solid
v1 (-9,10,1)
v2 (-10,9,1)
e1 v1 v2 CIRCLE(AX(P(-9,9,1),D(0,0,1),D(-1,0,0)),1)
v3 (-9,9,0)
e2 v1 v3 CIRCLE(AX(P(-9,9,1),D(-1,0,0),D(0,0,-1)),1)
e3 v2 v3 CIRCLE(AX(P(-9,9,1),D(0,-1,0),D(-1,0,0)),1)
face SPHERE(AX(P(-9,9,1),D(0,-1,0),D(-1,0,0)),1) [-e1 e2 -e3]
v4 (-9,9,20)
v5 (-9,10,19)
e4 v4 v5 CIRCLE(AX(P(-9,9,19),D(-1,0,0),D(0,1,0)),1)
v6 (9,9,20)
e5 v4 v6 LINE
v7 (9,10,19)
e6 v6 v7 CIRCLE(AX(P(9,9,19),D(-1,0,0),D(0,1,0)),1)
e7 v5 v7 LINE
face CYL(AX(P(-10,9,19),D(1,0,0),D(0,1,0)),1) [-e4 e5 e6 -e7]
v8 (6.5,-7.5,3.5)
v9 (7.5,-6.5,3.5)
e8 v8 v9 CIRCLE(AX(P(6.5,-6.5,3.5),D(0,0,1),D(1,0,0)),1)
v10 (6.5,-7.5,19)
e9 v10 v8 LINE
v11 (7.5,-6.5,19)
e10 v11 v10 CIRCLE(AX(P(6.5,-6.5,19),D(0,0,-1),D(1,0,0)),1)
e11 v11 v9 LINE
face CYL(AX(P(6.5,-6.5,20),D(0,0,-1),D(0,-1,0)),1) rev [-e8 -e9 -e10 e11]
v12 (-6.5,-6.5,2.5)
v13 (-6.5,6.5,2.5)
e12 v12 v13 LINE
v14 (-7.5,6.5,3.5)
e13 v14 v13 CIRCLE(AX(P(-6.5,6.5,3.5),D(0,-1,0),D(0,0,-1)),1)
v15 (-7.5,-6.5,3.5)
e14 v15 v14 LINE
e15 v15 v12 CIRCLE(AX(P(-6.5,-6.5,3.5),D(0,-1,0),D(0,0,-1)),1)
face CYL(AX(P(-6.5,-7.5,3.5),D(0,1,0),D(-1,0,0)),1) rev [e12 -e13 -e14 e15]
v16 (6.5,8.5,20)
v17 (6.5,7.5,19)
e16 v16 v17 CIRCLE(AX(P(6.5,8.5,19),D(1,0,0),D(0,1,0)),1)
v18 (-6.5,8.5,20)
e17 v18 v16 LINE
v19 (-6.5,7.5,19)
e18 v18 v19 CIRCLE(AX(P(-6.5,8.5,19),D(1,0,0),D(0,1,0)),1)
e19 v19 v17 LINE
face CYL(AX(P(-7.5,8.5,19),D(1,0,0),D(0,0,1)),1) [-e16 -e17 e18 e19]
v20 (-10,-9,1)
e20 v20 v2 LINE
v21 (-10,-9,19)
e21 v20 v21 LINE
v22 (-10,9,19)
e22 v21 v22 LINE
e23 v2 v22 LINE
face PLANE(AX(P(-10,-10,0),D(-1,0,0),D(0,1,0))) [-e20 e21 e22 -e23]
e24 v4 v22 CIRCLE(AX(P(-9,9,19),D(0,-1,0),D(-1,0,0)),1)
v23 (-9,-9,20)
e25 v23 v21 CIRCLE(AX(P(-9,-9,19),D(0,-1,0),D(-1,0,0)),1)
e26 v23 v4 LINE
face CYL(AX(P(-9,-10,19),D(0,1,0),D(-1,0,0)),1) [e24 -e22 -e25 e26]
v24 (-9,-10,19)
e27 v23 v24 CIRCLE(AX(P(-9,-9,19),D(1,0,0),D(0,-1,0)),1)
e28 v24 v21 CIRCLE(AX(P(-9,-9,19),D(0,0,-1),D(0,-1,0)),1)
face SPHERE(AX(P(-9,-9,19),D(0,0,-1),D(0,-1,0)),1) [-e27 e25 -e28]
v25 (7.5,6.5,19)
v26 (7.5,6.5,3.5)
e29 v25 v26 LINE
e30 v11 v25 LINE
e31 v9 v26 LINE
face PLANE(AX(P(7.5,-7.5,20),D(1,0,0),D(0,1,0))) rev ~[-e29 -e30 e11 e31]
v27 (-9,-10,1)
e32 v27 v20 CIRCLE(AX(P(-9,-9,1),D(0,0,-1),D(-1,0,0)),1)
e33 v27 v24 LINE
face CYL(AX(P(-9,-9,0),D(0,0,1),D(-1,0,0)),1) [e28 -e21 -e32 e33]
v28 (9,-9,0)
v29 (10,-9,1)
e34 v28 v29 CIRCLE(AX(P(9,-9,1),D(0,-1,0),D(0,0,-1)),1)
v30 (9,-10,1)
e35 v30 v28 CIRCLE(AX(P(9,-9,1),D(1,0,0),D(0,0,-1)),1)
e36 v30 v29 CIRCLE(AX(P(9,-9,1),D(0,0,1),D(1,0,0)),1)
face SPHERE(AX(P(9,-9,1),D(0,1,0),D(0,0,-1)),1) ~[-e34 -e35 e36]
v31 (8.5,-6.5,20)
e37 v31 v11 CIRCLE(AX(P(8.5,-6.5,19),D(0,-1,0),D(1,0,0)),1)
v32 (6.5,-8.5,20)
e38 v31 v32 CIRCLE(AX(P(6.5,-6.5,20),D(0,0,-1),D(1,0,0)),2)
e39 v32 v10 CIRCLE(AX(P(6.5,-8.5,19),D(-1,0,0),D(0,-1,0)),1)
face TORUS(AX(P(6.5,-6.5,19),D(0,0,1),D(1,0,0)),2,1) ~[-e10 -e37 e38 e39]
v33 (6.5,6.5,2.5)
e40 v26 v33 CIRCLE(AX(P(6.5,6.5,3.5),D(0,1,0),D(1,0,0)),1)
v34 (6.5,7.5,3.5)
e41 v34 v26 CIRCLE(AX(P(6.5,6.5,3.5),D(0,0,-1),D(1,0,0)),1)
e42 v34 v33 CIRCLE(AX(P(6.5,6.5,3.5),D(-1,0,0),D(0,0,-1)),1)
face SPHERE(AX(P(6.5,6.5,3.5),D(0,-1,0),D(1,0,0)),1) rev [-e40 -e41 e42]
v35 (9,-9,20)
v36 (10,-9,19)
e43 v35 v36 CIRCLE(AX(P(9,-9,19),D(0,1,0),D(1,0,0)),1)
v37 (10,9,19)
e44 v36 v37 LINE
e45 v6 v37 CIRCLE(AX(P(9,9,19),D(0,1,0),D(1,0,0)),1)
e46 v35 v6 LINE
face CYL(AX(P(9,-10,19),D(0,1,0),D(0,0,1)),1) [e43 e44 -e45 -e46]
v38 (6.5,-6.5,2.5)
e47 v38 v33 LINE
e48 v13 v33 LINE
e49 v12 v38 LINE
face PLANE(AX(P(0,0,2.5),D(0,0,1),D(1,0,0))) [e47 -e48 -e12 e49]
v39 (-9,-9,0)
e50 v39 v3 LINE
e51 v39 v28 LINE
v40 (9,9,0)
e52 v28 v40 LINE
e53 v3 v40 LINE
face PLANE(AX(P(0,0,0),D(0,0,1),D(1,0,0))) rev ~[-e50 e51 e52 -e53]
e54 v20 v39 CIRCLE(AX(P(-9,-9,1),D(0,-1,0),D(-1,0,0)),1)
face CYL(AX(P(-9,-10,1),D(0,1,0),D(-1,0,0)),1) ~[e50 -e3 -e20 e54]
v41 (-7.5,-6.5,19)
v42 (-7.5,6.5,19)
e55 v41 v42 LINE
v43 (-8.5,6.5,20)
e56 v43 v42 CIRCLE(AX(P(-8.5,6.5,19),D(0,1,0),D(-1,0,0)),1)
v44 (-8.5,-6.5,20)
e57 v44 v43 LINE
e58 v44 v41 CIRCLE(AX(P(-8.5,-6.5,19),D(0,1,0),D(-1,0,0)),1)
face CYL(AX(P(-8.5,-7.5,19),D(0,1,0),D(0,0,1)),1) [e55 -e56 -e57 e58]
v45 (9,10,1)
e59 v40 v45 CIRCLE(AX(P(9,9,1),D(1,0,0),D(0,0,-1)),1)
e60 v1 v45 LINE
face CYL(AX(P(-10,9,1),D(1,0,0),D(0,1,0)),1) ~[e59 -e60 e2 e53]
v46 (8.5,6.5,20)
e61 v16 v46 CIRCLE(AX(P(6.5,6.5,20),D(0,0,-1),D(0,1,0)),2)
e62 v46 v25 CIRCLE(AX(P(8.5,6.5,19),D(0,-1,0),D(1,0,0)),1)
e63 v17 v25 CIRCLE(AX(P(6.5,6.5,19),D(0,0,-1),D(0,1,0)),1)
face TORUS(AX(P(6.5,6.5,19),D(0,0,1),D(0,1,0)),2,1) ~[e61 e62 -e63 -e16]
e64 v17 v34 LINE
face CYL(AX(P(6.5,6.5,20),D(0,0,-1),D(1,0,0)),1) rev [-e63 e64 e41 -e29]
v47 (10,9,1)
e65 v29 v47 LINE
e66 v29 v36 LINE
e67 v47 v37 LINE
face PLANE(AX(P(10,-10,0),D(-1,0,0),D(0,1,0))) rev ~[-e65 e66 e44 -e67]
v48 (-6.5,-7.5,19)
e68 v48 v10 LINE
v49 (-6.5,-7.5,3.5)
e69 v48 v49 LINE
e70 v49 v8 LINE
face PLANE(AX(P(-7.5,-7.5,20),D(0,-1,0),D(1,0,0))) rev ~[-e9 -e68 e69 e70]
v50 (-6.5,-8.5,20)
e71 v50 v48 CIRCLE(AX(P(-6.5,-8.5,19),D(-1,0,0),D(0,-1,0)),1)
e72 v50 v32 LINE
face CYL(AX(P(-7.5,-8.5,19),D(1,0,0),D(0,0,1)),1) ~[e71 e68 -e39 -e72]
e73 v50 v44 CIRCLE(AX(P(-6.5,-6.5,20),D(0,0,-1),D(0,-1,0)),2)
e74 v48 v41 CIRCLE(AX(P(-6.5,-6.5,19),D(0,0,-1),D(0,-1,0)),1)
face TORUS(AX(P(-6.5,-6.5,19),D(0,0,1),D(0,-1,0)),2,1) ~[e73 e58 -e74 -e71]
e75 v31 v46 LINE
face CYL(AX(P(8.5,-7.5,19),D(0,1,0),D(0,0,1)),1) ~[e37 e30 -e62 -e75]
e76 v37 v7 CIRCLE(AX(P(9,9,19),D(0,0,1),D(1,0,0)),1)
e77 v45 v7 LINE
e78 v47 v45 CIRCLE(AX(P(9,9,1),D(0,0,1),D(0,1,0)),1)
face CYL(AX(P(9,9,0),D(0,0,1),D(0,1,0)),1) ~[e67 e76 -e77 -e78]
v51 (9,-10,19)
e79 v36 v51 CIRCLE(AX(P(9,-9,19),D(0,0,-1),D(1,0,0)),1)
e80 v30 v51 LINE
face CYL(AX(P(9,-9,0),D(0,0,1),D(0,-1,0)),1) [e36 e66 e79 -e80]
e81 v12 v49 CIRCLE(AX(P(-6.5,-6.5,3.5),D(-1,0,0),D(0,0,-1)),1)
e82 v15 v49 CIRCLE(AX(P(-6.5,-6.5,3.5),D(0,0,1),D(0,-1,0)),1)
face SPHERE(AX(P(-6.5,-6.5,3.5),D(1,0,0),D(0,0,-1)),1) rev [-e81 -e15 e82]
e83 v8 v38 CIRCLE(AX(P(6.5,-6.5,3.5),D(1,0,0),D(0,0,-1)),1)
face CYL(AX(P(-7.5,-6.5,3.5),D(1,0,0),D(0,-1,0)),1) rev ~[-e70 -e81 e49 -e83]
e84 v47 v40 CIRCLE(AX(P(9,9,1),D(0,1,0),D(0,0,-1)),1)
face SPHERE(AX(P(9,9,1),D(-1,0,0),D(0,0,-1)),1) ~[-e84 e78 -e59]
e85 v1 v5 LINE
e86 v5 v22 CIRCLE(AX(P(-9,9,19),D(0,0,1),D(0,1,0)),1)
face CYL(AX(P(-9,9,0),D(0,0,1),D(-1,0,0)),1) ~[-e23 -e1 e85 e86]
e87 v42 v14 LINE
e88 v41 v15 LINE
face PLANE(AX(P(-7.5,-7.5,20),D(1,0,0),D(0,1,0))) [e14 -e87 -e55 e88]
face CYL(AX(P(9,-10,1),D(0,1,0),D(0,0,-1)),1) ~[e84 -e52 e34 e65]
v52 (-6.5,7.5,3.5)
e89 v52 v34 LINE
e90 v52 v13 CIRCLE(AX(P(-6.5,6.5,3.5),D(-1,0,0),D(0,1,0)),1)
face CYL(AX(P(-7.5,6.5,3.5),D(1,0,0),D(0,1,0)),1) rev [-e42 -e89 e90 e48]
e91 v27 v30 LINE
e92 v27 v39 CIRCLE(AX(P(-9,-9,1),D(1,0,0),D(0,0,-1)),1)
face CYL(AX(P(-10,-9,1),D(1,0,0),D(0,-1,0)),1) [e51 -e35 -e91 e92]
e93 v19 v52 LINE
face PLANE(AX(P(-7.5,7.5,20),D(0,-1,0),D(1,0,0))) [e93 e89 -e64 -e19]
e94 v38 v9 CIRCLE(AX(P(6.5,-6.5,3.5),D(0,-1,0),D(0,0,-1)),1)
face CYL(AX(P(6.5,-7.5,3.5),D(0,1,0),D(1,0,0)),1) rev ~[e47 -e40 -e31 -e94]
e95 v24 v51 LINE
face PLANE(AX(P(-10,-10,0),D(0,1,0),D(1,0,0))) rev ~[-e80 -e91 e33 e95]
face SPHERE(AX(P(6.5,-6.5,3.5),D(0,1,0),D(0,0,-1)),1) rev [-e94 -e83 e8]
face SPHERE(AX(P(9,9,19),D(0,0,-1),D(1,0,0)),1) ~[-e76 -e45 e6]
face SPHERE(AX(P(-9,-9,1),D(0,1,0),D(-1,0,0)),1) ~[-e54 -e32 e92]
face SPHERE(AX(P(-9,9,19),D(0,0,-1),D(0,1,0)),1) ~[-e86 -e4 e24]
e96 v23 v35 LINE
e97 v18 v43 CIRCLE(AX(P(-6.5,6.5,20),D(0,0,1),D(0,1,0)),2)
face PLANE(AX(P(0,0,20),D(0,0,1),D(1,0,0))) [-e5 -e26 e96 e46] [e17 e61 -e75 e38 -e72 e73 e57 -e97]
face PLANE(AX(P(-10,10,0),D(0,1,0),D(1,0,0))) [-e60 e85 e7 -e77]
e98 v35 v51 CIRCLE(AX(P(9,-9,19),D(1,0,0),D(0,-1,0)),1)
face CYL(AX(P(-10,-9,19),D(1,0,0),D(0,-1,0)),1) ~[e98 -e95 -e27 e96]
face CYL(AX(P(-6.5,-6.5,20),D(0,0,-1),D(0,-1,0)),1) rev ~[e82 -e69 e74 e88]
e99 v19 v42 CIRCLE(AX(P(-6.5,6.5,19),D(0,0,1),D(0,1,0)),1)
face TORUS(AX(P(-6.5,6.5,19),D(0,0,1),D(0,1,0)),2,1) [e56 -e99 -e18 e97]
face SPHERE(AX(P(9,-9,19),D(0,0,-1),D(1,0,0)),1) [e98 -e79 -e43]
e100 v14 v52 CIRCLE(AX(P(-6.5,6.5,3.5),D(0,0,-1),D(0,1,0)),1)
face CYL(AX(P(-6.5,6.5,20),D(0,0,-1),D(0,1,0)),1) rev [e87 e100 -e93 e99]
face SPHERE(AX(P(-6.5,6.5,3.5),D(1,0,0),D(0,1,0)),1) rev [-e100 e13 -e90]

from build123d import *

# Parameters (mm, degrees)
SKETCH_W     = 20
SKETCH_H     = 20
PAD_DEPTH    = 20
SKETCH001_W  = 15
SKETCH001_H  = 15
POCKET_DEPTH = 17.5
FILLET_R     = 1


with BuildPart() as part:
    # Sketch → Pad (new body)
    with BuildSketch(Plane.XY):
        Rectangle(SKETCH_W, SKETCH_H)
    extrude(amount=PAD_DEPTH)

    # Sketch001 (on Face6 of Pad) → Pocket (cut)
    with BuildSketch(Plane.XY.offset(20)):
        Rectangle(SKETCH001_W, SKETCH001_H)
    extrude(amount=-POCKET_DEPTH, mode=Mode.SUBTRACT)

    # Fillet
    fillet_edges = [part.edges().sort_by_distance(p)[0] for p in [
        (-10, 0, 0),
        (-10, -10, 10),
        (-10, 10, 10),
        (0, 10, 0),
        (10, 0, 0),
        (0, -10, 0),
        (10, -10, 10),
        (10, 10, 10),
        (10, 0, 20),
        (0, 10, 20),
        (0, 7.5, 20),
        (7.5, 0, 2.5),
        (7.5, 0, 20),
        (0, -7.5, 20),
        (0, -10, 20),
        (-10, 0, 20),
        (0, -7.5, 2.5),
        (-7.5, 0, 20),
        (7.5, -7.5, 11.25),
        (7.5, 7.5, 11.25),
        (0, 7.5, 2.5),
        (-7.5, 7.5, 11.25),
        (-7.5, 0, 2.5),
        (-7.5, -7.5, 11.25),
    ]]
    fillet(fillet_edges, radius=FILLET_R)


solid = part.part
